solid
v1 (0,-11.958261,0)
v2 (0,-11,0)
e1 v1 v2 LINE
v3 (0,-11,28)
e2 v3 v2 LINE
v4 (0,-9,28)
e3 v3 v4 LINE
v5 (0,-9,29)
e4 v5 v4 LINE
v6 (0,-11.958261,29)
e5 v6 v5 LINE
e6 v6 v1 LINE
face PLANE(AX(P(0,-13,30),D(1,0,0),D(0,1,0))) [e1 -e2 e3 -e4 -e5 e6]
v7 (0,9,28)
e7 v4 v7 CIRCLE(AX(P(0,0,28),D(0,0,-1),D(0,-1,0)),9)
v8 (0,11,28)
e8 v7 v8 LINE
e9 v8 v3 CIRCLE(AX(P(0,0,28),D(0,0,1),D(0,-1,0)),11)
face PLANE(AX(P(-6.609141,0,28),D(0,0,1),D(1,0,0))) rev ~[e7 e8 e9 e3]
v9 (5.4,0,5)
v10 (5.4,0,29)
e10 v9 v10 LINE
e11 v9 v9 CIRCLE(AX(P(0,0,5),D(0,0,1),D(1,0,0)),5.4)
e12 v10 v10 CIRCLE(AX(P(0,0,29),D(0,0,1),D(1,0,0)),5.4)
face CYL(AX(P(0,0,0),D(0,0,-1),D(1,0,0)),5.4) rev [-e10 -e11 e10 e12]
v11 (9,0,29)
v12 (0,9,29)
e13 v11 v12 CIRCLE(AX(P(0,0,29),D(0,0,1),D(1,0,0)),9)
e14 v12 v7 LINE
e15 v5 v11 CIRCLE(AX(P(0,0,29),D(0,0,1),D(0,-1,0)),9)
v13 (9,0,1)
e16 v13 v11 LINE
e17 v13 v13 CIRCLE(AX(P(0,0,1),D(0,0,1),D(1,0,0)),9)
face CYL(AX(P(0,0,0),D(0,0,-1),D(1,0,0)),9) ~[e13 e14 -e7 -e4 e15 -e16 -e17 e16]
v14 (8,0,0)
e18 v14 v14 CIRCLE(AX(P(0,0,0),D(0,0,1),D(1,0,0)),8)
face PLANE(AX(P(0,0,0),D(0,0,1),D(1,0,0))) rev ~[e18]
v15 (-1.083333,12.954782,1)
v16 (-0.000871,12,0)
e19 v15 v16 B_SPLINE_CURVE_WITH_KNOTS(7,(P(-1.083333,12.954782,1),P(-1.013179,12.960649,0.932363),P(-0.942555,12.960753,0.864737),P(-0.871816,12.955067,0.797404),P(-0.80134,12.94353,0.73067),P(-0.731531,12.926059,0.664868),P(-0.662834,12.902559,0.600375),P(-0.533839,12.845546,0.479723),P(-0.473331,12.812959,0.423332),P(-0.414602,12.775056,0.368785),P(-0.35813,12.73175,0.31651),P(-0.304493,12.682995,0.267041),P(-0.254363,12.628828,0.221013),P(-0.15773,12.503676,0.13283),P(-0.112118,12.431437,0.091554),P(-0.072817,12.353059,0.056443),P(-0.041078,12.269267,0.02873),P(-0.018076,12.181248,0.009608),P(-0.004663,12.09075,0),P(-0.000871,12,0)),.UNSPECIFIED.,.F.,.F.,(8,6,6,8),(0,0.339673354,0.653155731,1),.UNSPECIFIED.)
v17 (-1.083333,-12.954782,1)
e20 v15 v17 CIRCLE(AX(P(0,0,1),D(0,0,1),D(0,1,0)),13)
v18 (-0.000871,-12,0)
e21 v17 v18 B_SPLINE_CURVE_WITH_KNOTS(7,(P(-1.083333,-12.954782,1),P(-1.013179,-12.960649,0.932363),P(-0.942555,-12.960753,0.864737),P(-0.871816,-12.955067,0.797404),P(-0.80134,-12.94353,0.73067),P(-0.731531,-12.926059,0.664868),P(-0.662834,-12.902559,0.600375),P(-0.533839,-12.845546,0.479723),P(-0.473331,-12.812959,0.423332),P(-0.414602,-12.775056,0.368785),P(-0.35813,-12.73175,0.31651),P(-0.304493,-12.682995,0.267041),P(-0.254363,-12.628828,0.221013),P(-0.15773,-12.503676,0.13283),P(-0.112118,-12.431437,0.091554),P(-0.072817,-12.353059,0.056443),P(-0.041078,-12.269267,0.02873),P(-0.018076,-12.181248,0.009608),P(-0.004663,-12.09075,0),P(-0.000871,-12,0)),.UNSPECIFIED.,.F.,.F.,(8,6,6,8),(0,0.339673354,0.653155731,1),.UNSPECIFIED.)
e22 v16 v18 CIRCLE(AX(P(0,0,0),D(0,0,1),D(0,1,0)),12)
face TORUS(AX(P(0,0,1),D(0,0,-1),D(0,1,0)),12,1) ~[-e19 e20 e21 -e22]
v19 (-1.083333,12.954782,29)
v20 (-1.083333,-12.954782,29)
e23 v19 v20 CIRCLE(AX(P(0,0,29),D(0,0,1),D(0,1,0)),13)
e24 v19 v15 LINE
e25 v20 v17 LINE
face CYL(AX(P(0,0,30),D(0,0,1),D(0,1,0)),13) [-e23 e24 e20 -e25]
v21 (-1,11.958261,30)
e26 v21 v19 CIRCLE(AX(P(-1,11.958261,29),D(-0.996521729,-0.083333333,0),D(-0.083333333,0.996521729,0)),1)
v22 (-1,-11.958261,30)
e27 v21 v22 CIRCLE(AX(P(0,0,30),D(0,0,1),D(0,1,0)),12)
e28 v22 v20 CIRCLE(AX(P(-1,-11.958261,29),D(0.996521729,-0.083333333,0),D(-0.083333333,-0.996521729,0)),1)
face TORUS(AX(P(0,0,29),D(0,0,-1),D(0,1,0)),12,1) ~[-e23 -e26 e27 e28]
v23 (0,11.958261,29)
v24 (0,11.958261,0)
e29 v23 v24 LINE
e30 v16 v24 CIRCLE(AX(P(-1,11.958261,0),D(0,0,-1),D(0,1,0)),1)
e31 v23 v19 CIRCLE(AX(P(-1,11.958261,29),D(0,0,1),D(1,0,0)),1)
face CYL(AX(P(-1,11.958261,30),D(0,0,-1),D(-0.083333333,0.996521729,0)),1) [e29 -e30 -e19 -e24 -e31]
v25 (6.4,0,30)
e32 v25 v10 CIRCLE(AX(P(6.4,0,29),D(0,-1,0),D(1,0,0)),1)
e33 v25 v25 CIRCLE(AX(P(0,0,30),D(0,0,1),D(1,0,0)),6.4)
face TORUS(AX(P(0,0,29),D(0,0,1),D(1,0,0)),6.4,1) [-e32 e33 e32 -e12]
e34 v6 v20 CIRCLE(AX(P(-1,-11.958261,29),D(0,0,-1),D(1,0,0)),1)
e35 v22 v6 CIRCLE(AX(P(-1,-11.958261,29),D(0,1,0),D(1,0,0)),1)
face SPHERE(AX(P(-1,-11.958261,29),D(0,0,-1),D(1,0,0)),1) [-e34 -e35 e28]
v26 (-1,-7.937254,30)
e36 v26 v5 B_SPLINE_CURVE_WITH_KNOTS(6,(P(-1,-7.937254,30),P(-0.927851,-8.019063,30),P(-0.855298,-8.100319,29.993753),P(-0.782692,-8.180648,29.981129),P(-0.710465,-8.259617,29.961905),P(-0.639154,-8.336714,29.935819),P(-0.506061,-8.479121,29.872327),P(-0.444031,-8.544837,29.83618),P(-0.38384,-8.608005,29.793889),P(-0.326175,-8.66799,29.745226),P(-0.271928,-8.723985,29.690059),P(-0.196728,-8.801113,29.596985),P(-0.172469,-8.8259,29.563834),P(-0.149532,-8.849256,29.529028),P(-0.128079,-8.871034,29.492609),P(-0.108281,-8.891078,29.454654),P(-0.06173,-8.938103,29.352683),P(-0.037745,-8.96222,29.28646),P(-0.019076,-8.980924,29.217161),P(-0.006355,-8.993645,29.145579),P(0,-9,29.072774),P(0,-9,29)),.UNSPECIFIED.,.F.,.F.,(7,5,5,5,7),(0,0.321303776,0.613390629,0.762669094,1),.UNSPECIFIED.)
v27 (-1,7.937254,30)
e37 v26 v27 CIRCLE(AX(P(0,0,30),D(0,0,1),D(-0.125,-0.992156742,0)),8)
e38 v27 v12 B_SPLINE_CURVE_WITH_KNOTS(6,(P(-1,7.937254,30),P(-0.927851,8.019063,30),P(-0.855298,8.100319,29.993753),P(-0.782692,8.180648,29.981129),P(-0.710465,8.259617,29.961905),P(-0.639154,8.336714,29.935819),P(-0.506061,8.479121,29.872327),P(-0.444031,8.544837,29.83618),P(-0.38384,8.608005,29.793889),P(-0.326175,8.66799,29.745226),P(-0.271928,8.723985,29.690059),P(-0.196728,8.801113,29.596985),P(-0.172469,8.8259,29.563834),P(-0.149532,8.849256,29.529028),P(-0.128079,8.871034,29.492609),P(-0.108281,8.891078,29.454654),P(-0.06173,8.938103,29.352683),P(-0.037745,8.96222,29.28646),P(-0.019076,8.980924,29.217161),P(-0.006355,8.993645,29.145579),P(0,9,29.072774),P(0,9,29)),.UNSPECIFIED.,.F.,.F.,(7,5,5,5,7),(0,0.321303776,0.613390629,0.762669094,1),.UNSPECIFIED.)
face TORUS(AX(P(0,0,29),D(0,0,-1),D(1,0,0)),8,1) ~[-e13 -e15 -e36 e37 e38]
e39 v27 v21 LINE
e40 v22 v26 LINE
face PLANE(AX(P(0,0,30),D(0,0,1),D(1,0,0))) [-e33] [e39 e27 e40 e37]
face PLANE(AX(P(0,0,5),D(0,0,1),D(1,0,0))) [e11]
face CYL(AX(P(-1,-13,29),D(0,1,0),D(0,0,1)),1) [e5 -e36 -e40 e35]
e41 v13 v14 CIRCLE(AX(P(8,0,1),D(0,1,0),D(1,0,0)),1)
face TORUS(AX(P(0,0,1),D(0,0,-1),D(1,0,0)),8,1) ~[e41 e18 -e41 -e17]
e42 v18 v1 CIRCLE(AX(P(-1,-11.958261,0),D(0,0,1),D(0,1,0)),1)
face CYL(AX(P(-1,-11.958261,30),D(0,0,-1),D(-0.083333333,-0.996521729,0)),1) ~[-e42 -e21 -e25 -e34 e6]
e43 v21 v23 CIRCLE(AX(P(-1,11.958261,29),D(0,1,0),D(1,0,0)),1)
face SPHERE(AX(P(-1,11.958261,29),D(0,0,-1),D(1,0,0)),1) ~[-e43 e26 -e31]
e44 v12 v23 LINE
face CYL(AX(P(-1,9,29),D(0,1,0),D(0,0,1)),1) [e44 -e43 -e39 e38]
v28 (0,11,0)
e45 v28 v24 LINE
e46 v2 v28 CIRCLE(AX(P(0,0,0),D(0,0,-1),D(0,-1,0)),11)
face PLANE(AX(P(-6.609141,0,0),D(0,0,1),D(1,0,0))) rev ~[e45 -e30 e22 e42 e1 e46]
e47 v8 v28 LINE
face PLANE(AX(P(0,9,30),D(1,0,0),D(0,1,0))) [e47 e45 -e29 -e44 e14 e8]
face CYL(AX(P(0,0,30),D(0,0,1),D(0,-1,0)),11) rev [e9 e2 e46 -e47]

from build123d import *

# Parameters (mm, degrees)
F0_R     = 9
F0_R_2   = 5.4
F1_DEPTH = 30
F2_DEPTH = 5
F4_DEPTH = 2
F5_DEPTH = 30
F6_R     = 1


with BuildPart() as f1:
    # F0 (on Top) → F1 (new body)
    with BuildSketch(Plane.XY):
        Circle(F0_R)
        Circle(F0_R_2, mode=Mode.SUBTRACT)
    extrude(amount=F1_DEPTH)

    # F0 (on Top) → F2 (join)
    with BuildSketch(Plane.XY):
        Circle(F0_R_2)
    extrude(amount=F2_DEPTH)

    # F3 (on face) → F4 (join)
    with BuildSketch(Plane.XY.offset(30)):
        with BuildLine():
            Line((0, 11), (0, 13))
            ThreePointArc((0, 13), (-13, 0), (0, -13))
            Line((0, -13), (0, -11))
            ThreePointArc((0, -11), (-11, 0), (0, 11))
        make_face()
        with BuildLine():
            Line((0, 9), (0, 11))
            ThreePointArc((0, 11), (-11, 0), (0, -11))
            Line((0, -11), (0, -9))
            ThreePointArc((0, -9), (-9, 0), (0, 9))
        make_face()
    extrude(amount=-F4_DEPTH)

    # F3 (on face) → F5 (join)
    with BuildSketch(Plane.XY.offset(30)):
        with BuildLine():
            Line((0, 11), (0, 13))
            ThreePointArc((0, 13), (-13, 0), (0, -13))
            Line((0, -13), (0, -11))
            ThreePointArc((0, -11), (-11, 0), (0, 11))
        make_face()
    extrude(amount=-F5_DEPTH)

    # F6
    f6_edges = [f1.edges().sort_by_distance(p)[0] for p in [
        (-9, 0, 0),
        (-13, 0, 0),
        (-13, 0, 30),
        (0, 13, 15),
        (0, -13, 15),
        (0, -11, 30),
        (0, 11, 30),
        (6.363961, -6.363961, 30),
        (6.363961, 6.363961, 30),
        (-5.4, 0, 30),
    ]]
    fillet(f6_edges, radius=F6_R)


solid = f1.part
